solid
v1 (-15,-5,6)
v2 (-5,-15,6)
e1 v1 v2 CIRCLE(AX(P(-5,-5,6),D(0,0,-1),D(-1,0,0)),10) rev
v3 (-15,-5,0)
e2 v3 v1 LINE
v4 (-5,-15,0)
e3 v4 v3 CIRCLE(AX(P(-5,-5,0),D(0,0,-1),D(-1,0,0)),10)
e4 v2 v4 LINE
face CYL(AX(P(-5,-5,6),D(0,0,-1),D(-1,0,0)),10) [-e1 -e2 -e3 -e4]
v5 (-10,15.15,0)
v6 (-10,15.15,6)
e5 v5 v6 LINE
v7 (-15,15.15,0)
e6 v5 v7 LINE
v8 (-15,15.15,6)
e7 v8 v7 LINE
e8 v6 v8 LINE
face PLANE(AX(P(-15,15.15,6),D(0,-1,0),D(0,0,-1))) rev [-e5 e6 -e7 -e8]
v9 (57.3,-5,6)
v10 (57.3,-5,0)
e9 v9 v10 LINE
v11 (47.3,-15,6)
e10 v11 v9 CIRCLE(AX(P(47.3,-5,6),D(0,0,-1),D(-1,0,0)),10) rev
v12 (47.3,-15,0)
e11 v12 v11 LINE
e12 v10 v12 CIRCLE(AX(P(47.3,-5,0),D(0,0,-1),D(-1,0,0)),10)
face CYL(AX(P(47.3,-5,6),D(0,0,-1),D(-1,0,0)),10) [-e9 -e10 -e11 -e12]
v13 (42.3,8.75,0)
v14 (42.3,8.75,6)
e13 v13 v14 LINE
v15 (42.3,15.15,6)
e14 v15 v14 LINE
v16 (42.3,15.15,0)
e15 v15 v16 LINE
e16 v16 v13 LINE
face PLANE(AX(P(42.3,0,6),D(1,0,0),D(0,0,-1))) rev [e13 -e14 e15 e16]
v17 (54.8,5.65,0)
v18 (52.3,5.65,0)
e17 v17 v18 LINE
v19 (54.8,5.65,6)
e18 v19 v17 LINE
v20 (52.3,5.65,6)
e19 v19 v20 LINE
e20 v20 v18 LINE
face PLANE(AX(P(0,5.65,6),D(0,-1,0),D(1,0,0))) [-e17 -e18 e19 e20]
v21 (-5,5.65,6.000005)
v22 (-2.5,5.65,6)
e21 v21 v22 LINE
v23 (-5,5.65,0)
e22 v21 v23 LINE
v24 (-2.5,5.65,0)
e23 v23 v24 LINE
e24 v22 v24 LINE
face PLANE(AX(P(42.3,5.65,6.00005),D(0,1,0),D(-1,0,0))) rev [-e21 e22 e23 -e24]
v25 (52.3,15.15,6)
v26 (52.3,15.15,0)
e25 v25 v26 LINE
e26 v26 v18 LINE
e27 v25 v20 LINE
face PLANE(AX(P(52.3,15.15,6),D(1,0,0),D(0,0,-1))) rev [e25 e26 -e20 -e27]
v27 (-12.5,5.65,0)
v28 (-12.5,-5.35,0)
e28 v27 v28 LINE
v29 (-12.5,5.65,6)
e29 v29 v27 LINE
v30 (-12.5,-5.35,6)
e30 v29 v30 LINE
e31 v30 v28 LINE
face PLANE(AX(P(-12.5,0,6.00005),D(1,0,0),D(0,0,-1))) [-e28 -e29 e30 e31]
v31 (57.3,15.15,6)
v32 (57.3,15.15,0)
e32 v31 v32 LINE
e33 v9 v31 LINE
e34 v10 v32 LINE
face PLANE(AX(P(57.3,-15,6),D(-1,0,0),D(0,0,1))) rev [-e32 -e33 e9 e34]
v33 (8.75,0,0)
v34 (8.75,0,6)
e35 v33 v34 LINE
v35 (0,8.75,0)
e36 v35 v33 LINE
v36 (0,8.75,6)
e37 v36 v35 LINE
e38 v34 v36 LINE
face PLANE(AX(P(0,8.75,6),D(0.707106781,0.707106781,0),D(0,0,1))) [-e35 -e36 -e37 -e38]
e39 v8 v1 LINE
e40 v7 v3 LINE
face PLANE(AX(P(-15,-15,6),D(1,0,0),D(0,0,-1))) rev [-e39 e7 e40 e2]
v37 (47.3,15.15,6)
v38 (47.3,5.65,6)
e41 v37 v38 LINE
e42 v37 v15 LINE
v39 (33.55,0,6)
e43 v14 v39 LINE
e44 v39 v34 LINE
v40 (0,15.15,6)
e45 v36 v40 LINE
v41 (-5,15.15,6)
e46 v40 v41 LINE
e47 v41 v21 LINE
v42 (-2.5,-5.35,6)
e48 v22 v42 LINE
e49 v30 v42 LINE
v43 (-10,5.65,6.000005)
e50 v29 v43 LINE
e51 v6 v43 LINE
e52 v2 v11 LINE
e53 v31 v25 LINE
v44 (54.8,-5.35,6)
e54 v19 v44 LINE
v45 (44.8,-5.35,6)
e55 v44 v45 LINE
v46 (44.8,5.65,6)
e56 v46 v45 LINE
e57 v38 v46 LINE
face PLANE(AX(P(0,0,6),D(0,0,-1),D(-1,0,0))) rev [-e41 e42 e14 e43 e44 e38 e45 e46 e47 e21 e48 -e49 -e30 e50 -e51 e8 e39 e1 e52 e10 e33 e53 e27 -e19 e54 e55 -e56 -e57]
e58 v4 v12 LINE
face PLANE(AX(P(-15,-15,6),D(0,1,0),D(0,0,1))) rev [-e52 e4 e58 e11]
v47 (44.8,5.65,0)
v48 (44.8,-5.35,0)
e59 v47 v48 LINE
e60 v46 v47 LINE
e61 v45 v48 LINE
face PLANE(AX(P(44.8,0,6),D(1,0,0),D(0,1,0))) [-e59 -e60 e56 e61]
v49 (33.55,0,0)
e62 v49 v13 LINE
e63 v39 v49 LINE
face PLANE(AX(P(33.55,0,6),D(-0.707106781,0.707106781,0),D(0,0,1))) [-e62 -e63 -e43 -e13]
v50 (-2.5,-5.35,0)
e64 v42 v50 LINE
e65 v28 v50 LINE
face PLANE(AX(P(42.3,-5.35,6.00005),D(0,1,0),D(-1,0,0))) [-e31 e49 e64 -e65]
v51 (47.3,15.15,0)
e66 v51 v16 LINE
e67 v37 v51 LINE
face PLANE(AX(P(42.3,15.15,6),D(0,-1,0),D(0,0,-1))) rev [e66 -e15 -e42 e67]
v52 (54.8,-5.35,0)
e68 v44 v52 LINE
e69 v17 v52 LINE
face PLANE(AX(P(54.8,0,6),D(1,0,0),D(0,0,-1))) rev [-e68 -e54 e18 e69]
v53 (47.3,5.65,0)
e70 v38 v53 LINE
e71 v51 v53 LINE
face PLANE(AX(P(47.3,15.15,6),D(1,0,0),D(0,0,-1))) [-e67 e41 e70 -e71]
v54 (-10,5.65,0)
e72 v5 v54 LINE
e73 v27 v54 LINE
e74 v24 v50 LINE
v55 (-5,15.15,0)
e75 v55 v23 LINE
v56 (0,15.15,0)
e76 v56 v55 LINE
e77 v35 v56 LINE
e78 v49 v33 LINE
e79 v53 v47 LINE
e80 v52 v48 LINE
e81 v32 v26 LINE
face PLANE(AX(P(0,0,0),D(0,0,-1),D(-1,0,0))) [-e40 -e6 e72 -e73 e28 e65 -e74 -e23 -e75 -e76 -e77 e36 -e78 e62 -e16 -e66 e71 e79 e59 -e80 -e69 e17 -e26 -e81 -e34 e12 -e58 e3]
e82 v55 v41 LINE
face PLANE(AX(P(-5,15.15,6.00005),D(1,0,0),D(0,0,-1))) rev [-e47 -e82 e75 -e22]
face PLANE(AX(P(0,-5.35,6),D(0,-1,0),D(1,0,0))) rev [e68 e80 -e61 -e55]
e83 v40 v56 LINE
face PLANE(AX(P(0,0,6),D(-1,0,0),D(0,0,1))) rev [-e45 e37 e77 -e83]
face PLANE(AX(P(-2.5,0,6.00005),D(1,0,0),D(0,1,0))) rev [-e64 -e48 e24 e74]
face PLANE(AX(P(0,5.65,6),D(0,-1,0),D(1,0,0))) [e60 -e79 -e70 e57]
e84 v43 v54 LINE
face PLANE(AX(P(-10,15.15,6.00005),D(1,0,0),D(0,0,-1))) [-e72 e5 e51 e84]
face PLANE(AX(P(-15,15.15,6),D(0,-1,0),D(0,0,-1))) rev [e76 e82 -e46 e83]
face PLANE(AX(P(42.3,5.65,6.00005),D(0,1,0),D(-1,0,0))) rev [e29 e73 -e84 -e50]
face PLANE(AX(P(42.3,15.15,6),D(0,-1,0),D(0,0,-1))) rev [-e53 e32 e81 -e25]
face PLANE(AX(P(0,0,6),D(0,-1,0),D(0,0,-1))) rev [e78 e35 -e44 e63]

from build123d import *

# Parameters (mm, degrees)
BOSS_EXTRUDE1_DEPTH = 6
FILLET1_R           = 10
SKETCH2_W           = 5
SKETCH2_H           = 9.5
SKETCH2_W_2         = 10
SKETCH2_H_2         = 11
CUT_EXTRUDE1_DEPTH  = 60.571910327
CHAMFER1_SIZE       = 8.75


with BuildPart() as part:
    # Sketch1 → Boss-Extrude1 (new body)
    with BuildSketch(Plane.XY):
        Polygon((0, 0), (42.3, 0), (42.3, 15.15), (57.3, 15.15), (57.3, -15), (-15, -15), (-15, 15.15), (0, 15.15), align=None)
    extrude(amount=BOSS_EXTRUDE1_DEPTH)

    # Fillet1
    fillet1_edges = [part.edges().sort_by_distance(p)[0] for p in [
        (57.3, -15, 3),
        (-15, -15, 3),
    ]]
    fillet(fillet1_edges, radius=FILLET1_R)

    # Sketch2 → Cut-Extrude1 (cut, through all)
    with BuildSketch(Plane(origin=(0, 0, 0), x_dir=(-1, 0, 0), z_dir=(0, 0, -1))):
        with Locations((-49.8, 10.4)):
            Rectangle(SKETCH2_W, SKETCH2_H)
        with Locations((-49.8, 0.15)):
            Rectangle(SKETCH2_W_2, SKETCH2_H_2)
    cut_extrude1 = extrude(amount=-CUT_EXTRUDE1_DEPTH, mode=Mode.SUBTRACT)

    # Mirror1: Cut-Extrude1 across plane
    add(cut_extrude1.mirror(Plane(origin=(21.15, 0, 0), x_dir=(0, 0, 1), z_dir=(1, 0, 0))), mode=Mode.SUBTRACT)

    # Chamfer1
    chamfer1_edges = [part.edges().sort_by_distance(p)[0] for p in [
        (0, 0, 3),
        (42.3, 0, 3),
    ]]
    chamfer(chamfer1_edges, length=CHAMFER1_SIZE)


solid = part.part
